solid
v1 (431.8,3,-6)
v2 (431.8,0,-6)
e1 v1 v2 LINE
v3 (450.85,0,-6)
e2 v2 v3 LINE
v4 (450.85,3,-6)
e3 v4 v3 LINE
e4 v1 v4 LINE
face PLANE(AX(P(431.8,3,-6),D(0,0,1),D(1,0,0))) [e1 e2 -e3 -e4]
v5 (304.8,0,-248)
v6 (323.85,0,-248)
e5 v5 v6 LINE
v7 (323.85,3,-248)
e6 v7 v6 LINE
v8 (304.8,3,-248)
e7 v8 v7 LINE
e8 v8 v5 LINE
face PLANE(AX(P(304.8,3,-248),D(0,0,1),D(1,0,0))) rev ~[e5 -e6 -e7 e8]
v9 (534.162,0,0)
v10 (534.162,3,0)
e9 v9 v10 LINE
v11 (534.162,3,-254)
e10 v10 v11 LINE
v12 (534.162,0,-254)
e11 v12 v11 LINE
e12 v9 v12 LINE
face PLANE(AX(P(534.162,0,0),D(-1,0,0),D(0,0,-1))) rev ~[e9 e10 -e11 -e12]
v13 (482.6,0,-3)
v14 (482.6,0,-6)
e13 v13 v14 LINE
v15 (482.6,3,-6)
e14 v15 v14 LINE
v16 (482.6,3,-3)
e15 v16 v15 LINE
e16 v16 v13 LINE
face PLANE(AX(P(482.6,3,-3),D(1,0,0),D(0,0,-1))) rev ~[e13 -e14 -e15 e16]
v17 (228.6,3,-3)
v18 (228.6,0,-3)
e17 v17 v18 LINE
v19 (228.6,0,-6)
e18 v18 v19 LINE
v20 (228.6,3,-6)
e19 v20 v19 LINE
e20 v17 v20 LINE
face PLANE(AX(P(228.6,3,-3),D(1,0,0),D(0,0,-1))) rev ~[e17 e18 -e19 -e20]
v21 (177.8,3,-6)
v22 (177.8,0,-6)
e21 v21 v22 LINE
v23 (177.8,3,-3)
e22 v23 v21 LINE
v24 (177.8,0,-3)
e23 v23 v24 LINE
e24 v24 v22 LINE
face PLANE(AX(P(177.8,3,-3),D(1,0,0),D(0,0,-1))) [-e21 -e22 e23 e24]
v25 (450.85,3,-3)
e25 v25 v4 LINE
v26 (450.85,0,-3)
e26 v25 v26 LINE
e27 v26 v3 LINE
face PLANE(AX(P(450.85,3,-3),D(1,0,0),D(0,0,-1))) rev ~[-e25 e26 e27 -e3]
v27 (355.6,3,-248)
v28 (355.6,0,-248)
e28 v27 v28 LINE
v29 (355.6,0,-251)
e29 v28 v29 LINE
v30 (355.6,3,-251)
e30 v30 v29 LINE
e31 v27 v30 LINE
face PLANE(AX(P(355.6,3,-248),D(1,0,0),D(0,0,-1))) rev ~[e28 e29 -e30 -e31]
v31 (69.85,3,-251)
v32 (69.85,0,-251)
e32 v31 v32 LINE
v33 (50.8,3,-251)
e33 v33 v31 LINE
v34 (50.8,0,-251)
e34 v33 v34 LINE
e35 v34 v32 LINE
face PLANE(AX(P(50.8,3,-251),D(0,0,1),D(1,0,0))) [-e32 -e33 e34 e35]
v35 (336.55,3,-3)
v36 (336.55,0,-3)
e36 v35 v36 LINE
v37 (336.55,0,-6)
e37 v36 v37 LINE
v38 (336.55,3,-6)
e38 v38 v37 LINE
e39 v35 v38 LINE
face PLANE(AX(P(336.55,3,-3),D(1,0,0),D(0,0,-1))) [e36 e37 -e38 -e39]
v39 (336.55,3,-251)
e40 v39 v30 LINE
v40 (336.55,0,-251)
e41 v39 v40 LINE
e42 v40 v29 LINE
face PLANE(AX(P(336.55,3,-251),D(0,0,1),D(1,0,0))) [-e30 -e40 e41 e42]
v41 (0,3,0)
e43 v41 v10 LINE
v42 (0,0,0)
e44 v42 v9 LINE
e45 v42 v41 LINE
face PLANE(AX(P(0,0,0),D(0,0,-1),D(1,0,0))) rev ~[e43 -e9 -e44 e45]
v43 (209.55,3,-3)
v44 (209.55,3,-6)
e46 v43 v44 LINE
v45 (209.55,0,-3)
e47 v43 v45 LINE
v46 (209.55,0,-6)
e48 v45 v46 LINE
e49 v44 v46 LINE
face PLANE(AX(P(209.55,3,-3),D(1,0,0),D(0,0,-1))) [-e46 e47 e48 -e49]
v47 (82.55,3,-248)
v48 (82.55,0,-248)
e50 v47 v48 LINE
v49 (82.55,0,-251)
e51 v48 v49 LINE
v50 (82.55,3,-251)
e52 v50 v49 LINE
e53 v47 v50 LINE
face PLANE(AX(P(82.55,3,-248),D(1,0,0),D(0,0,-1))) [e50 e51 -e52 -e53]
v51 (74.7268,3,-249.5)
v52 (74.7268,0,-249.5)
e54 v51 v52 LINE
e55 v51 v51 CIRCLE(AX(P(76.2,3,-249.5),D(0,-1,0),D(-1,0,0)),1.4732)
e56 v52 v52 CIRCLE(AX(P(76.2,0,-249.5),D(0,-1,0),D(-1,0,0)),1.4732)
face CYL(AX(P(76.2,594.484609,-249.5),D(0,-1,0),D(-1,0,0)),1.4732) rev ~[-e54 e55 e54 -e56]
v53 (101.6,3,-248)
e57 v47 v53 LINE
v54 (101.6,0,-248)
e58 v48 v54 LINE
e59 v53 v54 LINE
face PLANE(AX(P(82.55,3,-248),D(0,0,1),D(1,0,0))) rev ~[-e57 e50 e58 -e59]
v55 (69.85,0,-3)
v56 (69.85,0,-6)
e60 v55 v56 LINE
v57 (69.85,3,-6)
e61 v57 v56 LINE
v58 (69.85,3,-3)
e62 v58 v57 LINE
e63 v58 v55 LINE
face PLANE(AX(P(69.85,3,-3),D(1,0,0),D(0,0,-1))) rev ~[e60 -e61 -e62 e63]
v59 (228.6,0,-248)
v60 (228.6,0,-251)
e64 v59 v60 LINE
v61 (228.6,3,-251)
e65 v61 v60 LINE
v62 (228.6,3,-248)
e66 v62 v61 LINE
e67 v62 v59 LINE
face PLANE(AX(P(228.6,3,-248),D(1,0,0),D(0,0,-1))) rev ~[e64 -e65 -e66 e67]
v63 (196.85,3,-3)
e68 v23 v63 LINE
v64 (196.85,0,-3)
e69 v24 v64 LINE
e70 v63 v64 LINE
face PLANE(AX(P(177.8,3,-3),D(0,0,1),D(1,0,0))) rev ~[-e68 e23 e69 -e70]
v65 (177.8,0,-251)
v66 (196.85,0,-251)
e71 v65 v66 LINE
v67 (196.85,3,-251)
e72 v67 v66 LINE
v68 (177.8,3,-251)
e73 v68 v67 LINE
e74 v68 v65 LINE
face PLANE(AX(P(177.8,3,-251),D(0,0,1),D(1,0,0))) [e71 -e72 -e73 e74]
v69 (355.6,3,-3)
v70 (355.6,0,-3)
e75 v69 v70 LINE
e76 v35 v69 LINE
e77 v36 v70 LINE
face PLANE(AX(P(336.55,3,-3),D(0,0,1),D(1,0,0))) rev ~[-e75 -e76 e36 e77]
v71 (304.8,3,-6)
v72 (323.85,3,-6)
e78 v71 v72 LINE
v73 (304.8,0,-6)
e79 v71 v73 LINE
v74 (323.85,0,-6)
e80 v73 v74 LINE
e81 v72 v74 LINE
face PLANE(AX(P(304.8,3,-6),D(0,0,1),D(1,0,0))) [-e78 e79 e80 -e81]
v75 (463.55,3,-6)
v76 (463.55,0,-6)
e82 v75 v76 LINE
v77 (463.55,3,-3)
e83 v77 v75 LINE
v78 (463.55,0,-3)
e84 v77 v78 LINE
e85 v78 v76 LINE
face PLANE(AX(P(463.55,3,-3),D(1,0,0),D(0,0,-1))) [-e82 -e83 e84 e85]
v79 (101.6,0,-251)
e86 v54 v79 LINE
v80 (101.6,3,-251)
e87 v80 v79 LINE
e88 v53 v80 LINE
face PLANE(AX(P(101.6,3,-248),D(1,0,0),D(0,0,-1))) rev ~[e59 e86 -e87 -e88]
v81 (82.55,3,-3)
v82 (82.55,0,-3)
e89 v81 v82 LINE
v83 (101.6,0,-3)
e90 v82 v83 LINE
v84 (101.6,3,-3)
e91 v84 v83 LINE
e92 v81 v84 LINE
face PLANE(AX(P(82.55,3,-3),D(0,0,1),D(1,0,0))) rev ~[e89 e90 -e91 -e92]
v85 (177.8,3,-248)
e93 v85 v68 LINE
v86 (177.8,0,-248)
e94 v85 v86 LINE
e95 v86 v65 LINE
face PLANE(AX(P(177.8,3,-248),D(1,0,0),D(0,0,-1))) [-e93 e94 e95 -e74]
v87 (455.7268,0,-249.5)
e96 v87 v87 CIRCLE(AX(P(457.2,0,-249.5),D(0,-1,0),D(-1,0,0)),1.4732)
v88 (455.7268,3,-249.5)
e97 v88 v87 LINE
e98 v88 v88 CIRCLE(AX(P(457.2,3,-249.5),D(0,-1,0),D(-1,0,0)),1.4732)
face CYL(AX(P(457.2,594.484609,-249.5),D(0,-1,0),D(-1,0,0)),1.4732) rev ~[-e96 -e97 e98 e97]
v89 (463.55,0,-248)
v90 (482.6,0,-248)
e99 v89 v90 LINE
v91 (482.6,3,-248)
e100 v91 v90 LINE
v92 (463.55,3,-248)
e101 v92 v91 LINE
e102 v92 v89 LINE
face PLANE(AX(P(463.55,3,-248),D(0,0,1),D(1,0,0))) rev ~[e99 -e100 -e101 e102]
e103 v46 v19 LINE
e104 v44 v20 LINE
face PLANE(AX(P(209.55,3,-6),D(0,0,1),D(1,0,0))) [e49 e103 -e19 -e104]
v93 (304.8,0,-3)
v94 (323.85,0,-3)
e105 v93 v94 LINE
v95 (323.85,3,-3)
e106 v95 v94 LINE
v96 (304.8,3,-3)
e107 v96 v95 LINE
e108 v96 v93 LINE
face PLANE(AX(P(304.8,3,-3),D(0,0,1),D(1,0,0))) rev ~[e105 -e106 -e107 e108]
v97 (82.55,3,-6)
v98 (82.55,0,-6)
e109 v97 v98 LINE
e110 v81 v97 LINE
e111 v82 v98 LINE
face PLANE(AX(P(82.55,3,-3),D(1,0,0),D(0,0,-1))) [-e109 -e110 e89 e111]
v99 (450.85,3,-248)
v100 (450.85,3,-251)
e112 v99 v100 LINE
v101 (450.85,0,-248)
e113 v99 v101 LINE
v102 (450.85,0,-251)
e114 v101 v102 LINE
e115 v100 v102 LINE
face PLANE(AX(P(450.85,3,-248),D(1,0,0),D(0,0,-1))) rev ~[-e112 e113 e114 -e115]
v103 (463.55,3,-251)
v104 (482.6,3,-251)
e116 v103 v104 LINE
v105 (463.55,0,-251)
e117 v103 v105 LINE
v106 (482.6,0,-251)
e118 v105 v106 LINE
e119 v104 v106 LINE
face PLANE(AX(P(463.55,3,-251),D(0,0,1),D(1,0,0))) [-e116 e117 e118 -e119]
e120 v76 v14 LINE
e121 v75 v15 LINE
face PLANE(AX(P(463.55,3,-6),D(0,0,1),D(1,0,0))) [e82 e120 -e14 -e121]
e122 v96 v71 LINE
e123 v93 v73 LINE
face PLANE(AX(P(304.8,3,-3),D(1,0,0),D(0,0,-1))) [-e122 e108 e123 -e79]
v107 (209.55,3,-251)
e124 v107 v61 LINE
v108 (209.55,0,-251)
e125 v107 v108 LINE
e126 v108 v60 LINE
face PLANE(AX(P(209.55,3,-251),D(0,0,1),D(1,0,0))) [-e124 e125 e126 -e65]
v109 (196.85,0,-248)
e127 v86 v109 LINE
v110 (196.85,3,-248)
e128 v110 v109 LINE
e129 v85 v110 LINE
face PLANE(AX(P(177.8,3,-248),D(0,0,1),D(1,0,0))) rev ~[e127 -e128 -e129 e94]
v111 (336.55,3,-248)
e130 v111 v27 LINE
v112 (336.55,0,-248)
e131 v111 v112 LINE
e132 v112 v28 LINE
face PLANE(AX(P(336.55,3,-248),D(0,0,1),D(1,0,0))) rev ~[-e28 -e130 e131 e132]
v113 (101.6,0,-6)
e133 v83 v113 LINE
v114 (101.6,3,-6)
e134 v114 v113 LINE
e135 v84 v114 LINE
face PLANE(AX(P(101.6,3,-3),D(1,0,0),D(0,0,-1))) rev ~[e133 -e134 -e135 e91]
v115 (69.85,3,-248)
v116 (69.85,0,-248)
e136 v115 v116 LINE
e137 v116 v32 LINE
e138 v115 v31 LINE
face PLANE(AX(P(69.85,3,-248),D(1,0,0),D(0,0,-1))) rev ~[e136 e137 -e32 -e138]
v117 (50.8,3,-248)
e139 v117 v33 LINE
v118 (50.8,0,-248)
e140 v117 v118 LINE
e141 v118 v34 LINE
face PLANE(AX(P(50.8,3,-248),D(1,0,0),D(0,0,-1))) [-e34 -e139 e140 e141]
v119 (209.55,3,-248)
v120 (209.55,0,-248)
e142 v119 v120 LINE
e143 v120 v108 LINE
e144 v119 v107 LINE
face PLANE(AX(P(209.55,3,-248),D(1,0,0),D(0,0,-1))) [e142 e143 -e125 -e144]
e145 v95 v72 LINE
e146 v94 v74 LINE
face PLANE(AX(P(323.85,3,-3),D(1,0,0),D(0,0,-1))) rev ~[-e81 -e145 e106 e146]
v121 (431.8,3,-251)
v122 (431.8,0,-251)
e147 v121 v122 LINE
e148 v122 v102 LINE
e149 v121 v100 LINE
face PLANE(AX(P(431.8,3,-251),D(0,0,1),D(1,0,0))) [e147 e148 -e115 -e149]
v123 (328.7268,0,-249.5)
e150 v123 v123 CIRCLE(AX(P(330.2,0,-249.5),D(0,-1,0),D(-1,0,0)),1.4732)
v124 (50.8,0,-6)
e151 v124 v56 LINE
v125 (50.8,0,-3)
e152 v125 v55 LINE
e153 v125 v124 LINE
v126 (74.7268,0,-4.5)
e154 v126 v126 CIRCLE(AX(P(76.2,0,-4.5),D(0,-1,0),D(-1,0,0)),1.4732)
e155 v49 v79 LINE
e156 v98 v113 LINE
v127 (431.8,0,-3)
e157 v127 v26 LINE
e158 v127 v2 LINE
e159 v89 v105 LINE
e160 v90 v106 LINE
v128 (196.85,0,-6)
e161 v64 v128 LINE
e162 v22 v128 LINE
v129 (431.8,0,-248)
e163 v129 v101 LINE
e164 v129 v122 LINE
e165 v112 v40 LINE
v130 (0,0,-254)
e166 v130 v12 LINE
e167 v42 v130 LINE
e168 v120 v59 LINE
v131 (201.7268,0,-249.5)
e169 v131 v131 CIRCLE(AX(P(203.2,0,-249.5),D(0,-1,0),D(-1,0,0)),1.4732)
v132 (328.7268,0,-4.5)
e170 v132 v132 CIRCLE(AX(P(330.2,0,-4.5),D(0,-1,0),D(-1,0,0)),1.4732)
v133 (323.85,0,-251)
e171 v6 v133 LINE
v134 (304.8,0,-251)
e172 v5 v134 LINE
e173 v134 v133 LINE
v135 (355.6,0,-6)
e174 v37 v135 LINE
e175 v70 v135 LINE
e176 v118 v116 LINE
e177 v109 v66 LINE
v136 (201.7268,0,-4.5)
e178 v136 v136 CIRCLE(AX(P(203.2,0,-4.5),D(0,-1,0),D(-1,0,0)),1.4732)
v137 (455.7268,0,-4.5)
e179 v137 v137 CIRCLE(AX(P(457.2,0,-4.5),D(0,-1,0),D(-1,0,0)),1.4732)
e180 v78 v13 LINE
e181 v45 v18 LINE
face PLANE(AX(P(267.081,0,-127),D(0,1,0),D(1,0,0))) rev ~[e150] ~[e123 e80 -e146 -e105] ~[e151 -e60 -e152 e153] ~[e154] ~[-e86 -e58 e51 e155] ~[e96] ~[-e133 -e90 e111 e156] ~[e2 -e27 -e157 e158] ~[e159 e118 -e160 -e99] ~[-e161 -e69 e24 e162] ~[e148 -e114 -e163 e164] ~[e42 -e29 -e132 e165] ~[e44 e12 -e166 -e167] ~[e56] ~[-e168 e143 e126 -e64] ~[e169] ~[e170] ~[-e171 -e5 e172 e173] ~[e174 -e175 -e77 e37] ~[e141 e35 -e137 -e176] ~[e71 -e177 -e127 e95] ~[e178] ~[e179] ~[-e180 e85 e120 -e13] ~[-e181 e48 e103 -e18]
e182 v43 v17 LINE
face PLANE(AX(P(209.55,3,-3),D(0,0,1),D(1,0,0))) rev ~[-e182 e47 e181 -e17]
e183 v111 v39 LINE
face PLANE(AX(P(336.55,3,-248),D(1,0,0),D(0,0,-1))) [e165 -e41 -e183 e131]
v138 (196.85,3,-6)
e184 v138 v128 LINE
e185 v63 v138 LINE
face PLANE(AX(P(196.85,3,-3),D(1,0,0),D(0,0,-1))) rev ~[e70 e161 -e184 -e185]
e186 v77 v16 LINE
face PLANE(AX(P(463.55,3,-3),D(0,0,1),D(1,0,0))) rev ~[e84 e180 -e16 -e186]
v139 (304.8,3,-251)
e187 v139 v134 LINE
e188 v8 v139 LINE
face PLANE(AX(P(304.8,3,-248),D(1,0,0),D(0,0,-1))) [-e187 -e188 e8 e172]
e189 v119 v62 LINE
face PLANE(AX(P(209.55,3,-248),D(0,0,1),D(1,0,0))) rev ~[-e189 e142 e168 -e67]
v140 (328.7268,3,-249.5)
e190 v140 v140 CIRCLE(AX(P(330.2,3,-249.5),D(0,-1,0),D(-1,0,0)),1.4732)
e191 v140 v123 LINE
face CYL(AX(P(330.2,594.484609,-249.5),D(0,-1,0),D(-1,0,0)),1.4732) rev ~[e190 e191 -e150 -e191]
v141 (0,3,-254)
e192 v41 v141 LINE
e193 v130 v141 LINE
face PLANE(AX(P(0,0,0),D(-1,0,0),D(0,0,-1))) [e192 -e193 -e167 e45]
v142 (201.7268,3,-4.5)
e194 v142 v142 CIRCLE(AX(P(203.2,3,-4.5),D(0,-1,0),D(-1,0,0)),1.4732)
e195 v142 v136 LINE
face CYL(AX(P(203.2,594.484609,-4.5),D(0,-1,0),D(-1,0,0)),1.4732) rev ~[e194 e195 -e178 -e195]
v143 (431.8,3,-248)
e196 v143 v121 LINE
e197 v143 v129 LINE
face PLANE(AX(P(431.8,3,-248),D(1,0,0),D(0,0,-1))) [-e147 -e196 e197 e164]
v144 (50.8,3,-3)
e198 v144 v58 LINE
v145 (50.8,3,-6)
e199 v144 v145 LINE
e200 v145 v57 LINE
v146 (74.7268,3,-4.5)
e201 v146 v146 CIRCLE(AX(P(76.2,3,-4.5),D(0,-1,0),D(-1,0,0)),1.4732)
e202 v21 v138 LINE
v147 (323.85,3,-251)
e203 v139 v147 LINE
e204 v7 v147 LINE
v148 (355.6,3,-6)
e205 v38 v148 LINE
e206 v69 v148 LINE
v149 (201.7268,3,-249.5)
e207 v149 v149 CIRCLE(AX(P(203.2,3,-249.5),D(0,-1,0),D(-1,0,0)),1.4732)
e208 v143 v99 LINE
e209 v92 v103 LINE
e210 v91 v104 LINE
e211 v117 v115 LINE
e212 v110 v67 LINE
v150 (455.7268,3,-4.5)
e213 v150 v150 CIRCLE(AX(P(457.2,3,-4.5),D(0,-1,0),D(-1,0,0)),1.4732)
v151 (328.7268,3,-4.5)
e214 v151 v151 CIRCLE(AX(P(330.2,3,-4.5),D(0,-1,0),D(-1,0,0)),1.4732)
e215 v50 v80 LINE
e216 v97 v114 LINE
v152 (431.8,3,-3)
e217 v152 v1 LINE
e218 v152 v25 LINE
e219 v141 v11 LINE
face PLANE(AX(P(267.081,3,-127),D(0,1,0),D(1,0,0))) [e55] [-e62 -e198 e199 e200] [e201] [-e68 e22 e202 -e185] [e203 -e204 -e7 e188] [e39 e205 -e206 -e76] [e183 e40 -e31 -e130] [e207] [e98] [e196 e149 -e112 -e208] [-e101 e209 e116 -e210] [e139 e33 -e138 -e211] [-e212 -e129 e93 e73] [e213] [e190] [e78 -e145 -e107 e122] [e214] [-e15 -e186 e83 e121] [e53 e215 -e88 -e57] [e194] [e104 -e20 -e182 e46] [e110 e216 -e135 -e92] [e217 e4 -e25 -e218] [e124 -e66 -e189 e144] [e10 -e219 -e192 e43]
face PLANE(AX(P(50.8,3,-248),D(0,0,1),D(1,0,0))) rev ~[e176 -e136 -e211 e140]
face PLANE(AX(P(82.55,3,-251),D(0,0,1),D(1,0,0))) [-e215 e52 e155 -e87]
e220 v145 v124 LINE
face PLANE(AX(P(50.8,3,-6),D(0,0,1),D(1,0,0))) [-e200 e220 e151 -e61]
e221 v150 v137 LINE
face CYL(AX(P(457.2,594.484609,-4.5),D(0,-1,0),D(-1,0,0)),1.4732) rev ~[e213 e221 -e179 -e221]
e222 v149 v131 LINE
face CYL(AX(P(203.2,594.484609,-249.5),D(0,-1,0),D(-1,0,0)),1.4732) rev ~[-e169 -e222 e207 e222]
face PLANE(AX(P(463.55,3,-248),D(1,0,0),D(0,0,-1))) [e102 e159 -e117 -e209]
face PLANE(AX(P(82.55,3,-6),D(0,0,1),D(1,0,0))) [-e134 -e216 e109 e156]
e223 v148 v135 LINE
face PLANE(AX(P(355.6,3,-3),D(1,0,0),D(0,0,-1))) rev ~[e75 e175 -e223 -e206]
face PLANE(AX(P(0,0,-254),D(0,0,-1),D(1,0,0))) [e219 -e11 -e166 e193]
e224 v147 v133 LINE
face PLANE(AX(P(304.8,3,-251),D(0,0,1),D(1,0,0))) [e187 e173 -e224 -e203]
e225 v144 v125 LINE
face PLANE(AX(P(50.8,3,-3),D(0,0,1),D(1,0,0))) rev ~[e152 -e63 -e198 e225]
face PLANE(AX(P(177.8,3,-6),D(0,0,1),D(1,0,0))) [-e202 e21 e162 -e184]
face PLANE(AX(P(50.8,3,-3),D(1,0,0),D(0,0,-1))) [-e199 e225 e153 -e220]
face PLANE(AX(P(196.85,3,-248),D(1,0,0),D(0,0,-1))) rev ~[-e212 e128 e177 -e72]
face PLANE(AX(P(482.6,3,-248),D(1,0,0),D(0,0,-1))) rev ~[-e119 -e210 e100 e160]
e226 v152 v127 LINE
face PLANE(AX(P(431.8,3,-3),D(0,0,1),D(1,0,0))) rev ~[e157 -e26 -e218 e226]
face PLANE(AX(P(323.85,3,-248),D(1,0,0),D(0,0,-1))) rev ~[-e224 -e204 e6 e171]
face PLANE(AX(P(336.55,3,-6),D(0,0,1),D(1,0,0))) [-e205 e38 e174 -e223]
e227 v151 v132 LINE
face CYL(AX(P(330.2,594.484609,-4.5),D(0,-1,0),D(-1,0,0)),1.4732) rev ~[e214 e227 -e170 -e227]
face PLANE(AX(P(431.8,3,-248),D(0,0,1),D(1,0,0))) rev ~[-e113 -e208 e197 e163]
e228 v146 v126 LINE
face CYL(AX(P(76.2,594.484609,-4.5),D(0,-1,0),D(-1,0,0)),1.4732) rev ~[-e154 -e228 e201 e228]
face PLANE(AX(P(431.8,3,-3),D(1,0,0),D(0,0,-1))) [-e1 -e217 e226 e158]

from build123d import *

# Parameters (mm, degrees)
SKETCH1_W             = 534.162
SKETCH1_H             = 254
BOSS_EXTRUDE1_DEPTH   = 3
SKETCH2_W             = 19.05
SKETCH2_H             = 3
CUT_EXTRUDE1_DEPTH    = 4
F_4_CLEARANCE_HOLE1_D = 2.9464


with BuildPart() as part:
    # Sketch1 → Boss-Extrude1 (new body)
    with BuildSketch(Plane(origin=(0, 0, 0), x_dir=(1, 0, 0), z_dir=(0, 1, 0))):
        with Locations((267.081, 127)):
            Rectangle(SKETCH1_W, SKETCH1_H)
    extrude(amount=BOSS_EXTRUDE1_DEPTH)

    # Sketch2 → Cut-Extrude1 (cut, through all)
    with BuildSketch(Plane(origin=(0, 3, 0), x_dir=(1, 0, 0), z_dir=(0, 1, 0))):
        with Locations((60.325, 4.5)):
            Rectangle(SKETCH2_W, SKETCH2_H)
        with Locations((92.075, 4.5)):
            Rectangle(SKETCH2_W, SKETCH2_H)
        with Locations((187.325, 4.5)):
            Rectangle(SKETCH2_W, SKETCH2_H)
        with Locations((219.075, 4.5)):
            Rectangle(SKETCH2_W, SKETCH2_H)
        with Locations((314.325, 4.5)):
            Rectangle(SKETCH2_W, SKETCH2_H)
        with Locations((346.075, 4.5)):
            Rectangle(SKETCH2_W, SKETCH2_H)
        with Locations((441.325, 4.5)):
            Rectangle(SKETCH2_W, SKETCH2_H)
        with Locations((473.075, 4.5)):
            Rectangle(SKETCH2_W, SKETCH2_H)
        with Locations((60.325, 249.5)):
            Rectangle(SKETCH2_W, SKETCH2_H)
        with Locations((92.075, 249.5)):
            Rectangle(SKETCH2_W, SKETCH2_H)
        with Locations((187.325, 249.5)):
            Rectangle(SKETCH2_W, SKETCH2_H)
        with Locations((219.075, 249.5)):
            Rectangle(SKETCH2_W, SKETCH2_H)
        with Locations((314.325, 249.5)):
            Rectangle(SKETCH2_W, SKETCH2_H)
        with Locations((346.075, 249.5)):
            Rectangle(SKETCH2_W, SKETCH2_H)
        with Locations((441.325, 249.5)):
            Rectangle(SKETCH2_W, SKETCH2_H)
        with Locations((473.075, 249.5)):
            Rectangle(SKETCH2_W, SKETCH2_H)
    extrude(amount=-CUT_EXTRUDE1_DEPTH, mode=Mode.SUBTRACT)

    # #4 Clearance Hole1 (through all)
    with Locations(Plane(origin=(0, 3, 0), x_dir=(1, 0, 0), z_dir=(0, 1, 0))):
        with Locations((76.2, 249.5), (203.2, 249.5), (330.2, 249.5), (457.2, 249.5), (457.2, 4.5), (330.2, 4.5), (203.2, 4.5), (76.2, 4.5)):
            Hole(F_4_CLEARANCE_HOLE1_D / 2)


solid = part.part
